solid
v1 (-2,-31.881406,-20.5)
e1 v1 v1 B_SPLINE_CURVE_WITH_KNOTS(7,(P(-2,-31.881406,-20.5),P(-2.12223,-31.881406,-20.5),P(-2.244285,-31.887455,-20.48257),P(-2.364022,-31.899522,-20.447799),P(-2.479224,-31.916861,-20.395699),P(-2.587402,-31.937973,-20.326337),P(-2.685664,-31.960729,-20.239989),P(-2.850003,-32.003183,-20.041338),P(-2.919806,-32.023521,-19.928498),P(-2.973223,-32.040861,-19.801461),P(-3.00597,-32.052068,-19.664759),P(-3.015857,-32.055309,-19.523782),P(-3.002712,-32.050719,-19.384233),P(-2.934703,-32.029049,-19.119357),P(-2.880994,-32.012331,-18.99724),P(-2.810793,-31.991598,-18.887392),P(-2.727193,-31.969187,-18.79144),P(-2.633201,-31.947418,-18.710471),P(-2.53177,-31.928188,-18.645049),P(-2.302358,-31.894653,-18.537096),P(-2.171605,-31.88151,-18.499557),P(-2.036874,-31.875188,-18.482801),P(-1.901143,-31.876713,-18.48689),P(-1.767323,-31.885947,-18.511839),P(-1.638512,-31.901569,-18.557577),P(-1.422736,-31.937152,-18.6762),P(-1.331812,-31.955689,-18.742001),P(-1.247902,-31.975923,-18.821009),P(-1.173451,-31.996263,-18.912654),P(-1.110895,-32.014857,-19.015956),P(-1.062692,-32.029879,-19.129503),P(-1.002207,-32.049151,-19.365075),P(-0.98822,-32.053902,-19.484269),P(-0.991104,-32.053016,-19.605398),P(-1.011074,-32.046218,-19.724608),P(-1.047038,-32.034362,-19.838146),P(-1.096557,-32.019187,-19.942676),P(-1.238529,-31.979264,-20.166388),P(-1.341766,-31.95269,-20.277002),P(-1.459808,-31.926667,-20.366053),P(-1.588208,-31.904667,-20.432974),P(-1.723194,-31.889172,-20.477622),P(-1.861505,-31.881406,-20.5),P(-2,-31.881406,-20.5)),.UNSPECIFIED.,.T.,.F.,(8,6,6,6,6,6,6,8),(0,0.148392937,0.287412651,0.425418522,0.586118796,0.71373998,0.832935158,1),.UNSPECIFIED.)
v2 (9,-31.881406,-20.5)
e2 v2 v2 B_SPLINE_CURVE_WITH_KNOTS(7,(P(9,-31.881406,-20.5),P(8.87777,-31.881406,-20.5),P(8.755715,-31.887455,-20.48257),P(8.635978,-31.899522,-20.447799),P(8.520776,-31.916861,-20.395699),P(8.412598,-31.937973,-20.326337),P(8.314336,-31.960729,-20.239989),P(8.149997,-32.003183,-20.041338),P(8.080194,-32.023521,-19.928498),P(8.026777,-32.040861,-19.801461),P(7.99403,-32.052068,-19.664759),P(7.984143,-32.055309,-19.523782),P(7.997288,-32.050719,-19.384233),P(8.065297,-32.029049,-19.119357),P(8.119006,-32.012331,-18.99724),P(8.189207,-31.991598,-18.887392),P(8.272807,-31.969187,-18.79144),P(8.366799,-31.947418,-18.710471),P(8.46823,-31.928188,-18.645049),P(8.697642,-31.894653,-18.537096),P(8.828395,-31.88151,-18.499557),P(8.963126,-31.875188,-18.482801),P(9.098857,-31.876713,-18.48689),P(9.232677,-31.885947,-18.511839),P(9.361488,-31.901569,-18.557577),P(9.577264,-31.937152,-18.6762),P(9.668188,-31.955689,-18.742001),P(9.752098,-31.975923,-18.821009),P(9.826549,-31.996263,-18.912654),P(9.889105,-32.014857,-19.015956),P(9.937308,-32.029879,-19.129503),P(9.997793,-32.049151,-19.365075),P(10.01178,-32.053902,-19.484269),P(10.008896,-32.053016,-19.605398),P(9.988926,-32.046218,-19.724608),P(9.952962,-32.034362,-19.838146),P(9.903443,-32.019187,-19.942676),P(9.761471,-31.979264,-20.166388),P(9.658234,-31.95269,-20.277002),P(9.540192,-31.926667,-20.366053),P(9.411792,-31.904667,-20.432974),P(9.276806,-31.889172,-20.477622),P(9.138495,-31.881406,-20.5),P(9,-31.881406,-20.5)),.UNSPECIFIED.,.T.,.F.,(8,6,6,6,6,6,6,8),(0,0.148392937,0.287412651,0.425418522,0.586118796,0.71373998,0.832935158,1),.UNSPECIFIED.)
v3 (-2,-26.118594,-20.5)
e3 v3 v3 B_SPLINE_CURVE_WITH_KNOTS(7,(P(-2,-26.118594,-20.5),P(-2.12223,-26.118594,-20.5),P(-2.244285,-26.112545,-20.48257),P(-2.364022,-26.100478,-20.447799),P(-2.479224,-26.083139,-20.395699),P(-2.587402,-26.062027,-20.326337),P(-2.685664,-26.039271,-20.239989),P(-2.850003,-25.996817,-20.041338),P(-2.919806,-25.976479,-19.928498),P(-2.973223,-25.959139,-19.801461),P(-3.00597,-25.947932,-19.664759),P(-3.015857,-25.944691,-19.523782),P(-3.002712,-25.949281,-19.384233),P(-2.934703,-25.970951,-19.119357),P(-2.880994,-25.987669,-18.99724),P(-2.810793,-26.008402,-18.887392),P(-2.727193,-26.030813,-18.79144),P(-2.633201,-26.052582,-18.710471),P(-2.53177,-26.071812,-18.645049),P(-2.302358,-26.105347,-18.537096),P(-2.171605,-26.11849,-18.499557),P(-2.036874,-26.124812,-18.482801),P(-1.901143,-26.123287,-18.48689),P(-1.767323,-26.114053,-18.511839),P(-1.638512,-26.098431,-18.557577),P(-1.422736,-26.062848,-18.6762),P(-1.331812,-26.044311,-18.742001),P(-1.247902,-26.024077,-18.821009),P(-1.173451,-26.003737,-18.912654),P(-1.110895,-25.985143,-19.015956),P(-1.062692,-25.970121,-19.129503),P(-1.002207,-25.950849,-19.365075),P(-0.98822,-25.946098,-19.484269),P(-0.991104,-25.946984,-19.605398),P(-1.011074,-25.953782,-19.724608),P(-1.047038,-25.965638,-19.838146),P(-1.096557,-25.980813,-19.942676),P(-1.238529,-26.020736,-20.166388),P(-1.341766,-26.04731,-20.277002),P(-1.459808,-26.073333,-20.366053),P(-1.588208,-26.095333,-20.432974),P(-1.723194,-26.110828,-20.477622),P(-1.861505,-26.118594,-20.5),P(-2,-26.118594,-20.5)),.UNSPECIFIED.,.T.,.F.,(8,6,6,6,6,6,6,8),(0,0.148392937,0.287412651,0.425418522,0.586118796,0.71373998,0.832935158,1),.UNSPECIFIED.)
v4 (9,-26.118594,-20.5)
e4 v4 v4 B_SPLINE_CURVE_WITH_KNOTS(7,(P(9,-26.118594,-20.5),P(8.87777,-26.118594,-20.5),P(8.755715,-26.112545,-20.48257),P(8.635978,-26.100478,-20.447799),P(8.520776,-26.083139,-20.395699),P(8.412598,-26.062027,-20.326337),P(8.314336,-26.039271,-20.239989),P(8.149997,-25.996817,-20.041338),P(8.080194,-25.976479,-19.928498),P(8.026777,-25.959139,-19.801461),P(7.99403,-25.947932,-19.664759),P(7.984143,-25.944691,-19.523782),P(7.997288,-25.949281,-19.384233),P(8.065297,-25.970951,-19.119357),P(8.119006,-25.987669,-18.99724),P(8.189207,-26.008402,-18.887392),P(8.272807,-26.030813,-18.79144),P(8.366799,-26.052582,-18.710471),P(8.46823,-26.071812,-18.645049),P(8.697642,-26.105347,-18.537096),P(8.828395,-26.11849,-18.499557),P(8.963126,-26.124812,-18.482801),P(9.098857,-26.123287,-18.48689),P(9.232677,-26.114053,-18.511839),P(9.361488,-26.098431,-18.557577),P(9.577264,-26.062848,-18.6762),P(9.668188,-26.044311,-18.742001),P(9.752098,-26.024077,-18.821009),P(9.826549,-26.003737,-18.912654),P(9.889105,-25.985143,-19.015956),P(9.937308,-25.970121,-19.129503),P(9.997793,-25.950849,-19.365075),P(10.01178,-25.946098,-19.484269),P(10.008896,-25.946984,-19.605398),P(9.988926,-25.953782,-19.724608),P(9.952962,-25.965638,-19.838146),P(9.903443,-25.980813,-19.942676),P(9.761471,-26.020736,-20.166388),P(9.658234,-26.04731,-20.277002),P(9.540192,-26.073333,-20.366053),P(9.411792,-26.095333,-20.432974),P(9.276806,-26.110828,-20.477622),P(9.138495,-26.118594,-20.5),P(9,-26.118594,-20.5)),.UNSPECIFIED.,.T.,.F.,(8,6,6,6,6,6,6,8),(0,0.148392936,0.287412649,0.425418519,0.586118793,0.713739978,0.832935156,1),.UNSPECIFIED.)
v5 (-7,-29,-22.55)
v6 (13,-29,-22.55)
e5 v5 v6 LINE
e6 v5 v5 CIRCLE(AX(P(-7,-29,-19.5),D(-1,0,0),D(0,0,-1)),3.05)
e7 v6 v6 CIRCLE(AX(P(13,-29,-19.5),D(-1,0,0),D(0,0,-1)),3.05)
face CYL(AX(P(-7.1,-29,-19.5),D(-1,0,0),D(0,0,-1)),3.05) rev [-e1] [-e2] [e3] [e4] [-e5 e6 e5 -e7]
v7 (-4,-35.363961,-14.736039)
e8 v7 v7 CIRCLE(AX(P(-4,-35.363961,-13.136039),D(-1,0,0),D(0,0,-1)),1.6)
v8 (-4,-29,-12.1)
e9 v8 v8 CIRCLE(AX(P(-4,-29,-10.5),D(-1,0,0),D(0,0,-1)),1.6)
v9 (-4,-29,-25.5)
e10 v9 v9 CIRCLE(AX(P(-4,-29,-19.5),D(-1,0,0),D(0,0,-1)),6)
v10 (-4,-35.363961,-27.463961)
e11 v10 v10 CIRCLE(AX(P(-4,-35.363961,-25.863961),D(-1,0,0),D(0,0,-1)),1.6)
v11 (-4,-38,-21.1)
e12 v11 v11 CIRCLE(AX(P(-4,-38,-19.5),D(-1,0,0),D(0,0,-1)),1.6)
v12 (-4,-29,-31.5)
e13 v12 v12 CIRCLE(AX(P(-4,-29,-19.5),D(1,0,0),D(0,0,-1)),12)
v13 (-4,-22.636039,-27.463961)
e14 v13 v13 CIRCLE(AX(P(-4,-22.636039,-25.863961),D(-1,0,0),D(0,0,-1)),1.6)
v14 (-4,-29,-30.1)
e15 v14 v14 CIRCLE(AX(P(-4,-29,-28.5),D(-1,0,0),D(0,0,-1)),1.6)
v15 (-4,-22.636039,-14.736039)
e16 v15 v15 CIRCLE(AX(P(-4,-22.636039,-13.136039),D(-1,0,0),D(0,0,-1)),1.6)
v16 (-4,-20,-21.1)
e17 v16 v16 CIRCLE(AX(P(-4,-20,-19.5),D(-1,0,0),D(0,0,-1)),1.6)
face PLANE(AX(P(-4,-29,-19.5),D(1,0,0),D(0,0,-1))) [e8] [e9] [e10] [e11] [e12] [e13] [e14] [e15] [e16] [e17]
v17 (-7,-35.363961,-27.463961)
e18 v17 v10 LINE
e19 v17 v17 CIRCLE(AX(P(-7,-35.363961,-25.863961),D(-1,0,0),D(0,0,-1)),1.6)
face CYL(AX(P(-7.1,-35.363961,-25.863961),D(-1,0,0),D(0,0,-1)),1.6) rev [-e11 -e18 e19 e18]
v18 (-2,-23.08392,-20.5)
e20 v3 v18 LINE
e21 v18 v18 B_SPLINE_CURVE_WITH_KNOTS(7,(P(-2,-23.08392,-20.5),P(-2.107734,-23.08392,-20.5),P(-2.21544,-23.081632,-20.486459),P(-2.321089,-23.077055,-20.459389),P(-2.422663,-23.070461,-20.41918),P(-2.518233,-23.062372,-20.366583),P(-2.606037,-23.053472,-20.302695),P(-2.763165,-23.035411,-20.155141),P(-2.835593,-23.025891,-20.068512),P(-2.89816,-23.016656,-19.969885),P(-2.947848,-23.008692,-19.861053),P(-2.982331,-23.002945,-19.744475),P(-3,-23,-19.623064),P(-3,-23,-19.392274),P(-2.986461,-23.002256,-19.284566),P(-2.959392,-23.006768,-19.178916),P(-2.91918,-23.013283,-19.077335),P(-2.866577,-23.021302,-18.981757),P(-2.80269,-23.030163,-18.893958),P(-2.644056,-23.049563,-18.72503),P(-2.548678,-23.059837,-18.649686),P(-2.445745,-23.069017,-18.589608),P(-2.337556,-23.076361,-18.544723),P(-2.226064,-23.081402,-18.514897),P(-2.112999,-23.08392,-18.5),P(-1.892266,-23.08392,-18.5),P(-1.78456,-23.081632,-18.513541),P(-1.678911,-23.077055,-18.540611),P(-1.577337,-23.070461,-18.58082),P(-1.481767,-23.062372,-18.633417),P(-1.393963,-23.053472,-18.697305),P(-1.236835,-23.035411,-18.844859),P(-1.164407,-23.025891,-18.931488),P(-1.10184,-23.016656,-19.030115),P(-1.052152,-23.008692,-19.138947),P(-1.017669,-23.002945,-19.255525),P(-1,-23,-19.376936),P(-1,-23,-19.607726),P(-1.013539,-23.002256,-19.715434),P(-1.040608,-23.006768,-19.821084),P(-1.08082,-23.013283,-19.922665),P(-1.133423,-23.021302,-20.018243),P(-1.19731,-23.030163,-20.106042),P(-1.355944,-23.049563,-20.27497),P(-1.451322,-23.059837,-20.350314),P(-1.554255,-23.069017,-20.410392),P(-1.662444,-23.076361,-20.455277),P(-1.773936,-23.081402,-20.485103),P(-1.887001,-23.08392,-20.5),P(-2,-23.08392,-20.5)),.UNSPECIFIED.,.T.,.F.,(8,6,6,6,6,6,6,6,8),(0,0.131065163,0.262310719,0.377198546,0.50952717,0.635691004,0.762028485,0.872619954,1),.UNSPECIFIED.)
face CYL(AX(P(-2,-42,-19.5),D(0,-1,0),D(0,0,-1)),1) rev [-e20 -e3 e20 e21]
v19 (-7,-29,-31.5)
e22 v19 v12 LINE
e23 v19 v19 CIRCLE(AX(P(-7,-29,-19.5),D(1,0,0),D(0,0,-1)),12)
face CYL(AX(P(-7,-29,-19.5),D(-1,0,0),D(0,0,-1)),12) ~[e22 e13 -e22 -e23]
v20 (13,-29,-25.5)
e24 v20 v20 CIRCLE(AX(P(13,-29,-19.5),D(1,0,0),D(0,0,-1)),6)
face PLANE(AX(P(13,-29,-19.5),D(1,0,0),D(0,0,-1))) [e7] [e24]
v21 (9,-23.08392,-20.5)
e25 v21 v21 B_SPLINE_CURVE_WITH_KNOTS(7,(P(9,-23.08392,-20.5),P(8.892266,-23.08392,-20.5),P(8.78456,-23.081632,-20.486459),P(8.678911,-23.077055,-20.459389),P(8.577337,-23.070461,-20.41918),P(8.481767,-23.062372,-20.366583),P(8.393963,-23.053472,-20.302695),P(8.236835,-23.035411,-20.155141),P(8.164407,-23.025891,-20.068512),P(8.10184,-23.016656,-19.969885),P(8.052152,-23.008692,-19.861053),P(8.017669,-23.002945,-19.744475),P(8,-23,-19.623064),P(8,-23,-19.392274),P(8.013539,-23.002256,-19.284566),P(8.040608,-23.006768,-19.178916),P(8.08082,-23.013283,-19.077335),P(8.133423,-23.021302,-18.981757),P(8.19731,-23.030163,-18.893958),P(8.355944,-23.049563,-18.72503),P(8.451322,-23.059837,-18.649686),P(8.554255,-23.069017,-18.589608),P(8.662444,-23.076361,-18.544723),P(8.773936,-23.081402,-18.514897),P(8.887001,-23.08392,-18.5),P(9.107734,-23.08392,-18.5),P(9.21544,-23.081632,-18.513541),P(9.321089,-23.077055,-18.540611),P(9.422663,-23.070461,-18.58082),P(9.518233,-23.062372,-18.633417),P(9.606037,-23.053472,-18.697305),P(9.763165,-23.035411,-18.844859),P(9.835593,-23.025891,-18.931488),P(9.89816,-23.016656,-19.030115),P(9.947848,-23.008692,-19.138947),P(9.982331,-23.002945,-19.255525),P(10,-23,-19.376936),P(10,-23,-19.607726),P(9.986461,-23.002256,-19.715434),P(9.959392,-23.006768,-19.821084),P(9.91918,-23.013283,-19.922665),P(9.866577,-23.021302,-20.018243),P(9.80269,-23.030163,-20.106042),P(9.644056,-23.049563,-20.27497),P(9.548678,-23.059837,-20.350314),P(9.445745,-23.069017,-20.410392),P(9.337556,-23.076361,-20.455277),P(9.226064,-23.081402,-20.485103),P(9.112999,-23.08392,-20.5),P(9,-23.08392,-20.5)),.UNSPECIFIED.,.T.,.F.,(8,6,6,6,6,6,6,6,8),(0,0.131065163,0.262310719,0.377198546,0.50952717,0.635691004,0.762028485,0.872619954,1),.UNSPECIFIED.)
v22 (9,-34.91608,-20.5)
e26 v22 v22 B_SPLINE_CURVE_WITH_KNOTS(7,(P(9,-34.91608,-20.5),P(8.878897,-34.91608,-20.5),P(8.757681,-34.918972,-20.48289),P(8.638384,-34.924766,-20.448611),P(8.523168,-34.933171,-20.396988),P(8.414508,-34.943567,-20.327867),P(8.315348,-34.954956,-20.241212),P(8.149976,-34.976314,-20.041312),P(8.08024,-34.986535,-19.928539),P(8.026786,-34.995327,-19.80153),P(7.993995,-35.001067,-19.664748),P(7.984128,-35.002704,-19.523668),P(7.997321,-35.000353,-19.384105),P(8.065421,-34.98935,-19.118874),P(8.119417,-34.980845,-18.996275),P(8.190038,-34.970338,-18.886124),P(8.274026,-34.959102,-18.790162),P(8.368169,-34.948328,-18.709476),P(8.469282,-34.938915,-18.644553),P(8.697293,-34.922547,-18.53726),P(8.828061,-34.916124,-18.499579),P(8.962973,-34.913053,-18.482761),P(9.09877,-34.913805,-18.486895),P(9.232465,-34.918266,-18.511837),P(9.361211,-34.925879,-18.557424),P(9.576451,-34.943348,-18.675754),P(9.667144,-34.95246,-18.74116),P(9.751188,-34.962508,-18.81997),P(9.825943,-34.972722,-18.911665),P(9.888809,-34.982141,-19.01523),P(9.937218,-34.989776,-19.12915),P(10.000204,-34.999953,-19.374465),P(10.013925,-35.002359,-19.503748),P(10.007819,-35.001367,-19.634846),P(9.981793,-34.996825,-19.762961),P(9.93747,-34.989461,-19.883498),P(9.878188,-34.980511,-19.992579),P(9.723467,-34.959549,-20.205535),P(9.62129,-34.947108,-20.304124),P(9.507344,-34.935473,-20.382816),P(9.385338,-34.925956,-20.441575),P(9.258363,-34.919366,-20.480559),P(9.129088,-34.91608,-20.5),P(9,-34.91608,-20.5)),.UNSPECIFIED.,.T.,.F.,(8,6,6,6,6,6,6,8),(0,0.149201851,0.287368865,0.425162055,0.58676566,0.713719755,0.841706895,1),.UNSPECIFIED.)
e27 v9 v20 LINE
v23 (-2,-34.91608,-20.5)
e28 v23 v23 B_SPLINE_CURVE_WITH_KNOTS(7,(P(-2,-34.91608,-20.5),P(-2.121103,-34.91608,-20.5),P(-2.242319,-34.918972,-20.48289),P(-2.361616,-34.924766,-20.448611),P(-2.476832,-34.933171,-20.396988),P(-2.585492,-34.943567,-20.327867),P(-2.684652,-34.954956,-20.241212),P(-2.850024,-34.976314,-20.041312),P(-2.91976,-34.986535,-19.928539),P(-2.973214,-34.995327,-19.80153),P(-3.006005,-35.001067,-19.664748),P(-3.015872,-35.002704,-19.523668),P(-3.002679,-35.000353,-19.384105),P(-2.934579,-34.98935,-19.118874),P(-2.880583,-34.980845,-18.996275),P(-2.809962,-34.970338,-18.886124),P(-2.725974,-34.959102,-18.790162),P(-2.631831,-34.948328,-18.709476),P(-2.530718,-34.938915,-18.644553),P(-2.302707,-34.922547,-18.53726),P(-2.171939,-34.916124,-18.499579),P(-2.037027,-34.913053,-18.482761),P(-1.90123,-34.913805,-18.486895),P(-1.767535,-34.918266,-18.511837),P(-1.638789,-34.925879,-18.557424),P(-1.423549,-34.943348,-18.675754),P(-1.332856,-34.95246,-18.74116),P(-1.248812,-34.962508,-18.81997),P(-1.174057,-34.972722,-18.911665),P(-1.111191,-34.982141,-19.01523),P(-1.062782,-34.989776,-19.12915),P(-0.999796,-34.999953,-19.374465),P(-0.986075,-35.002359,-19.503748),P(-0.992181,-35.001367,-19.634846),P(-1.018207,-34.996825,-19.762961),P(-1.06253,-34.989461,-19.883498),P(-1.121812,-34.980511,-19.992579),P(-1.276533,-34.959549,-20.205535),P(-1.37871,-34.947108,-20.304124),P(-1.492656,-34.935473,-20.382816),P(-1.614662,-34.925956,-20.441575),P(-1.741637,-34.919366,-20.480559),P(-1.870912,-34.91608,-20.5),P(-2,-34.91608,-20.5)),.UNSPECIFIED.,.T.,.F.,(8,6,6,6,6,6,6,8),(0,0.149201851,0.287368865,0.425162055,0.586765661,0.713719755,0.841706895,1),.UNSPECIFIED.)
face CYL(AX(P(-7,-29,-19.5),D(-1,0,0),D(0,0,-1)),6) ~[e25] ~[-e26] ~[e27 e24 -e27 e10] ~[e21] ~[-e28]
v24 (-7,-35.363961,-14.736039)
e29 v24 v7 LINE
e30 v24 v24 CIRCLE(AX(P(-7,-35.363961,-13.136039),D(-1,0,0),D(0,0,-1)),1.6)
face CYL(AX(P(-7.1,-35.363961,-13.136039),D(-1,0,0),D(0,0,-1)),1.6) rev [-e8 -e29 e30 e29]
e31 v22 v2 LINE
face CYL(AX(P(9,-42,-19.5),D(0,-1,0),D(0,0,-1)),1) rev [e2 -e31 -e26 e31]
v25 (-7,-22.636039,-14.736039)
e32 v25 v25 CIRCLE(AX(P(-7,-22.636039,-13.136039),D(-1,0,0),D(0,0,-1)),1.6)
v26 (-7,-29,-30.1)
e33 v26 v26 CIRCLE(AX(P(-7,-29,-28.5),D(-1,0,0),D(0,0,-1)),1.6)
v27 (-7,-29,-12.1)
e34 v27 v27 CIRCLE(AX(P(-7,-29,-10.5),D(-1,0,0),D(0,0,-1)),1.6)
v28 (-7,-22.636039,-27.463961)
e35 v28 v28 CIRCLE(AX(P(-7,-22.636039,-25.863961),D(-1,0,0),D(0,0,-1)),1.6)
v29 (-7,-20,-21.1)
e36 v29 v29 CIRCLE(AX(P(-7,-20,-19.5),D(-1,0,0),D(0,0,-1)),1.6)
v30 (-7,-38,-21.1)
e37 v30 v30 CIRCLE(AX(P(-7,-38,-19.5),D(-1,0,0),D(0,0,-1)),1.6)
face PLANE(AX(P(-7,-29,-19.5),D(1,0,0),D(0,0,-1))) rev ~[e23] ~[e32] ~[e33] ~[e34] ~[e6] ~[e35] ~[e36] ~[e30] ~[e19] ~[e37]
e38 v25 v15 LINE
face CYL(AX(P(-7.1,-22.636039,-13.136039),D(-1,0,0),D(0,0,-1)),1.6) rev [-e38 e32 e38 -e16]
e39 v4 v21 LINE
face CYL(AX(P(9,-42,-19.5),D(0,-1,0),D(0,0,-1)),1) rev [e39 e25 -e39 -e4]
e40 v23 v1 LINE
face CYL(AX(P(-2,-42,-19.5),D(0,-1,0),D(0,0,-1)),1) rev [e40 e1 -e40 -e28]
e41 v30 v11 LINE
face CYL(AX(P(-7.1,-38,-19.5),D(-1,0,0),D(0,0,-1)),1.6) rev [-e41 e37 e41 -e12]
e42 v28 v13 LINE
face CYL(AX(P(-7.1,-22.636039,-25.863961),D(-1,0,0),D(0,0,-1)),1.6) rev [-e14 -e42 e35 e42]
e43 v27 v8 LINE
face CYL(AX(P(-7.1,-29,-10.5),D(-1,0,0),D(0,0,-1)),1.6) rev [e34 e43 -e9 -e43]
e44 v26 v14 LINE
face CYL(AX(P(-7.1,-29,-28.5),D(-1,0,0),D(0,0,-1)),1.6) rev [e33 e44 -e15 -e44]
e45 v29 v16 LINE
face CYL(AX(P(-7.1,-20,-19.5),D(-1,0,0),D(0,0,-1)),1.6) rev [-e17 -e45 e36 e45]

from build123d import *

# Parameters (mm, degrees)
COUPLING_BARREL_SKETCH_R         = 6
COUPLING_BARREL_DEPTH            = 20
SERVICE_LOCK_DISC_SKETCH_R       = 12
SERVICE_LOCK_DISC_DEPTH          = 3
SHAFT_RUNNING_BORE_SKETCH_R      = 3.05
SHAFT_RUNNING_BORE_DEPTH         = 20.2
TORQUE_CROSS_PIN_HOLE_1_SKETCH_R = 1
TORQUE_CROSS_PIN_HOLE_1_DEPTH    = 26
TORQUE_CROSS_PIN_HOLE_2_SKETCH_R = 1
TORQUE_CROSS_PIN_HOLE_2_DEPTH    = 26
SERVICE_LOCK_POSITION_1_SKETCH_R = 1.6
SERVICE_LOCK_POSITION_1_DEPTH    = 3.2
SERVICE_LOCK_POSITION_2_SKETCH_R = 1.6
SERVICE_LOCK_POSITION_2_DEPTH    = 3.2
SERVICE_LOCK_POSITION_3_SKETCH_R = 1.6
SERVICE_LOCK_POSITION_3_DEPTH    = 3.2
SERVICE_LOCK_POSITION_4_SKETCH_R = 1.6
SERVICE_LOCK_POSITION_4_DEPTH    = 3.2
SERVICE_LOCK_POSITION_5_SKETCH_R = 1.6
SERVICE_LOCK_POSITION_5_DEPTH    = 3.2
SERVICE_LOCK_POSITION_6_SKETCH_R = 1.6
SERVICE_LOCK_POSITION_6_DEPTH    = 3.2
SERVICE_LOCK_POSITION_7_SKETCH_R = 1.6
SERVICE_LOCK_POSITION_7_DEPTH    = 3.2
SERVICE_LOCK_POSITION_8_SKETCH_R = 1.6
SERVICE_LOCK_POSITION_8_DEPTH    = 3.2


with BuildPart() as part:
    # Coupling barrel sketch → Coupling barrel (new body)
    with BuildSketch(Plane(origin=(-7, 0, 0), x_dir=(0, 0, -1), z_dir=(1, 0, 0))):
        with Locations((19.5, -29)):
            Circle(COUPLING_BARREL_SKETCH_R)
    extrude(amount=COUPLING_BARREL_DEPTH)

    # Service lock disc sketch → Service lock disc (add)
    with BuildSketch(Plane(origin=(-7, 0, 0), x_dir=(0, 0, -1), z_dir=(1, 0, 0))):
        with Locations((19.5, -29)):
            Circle(SERVICE_LOCK_DISC_SKETCH_R)
    extrude(amount=SERVICE_LOCK_DISC_DEPTH)

    # Shaft running bore sketch → Shaft running bore (cut)
    with BuildSketch(Plane(origin=(-7.1, 0, 0), x_dir=(0, 0, -1), z_dir=(1, 0, 0))):
        with Locations((19.5, -29)):
            Circle(SHAFT_RUNNING_BORE_SKETCH_R)
    extrude(amount=SHAFT_RUNNING_BORE_DEPTH, mode=Mode.SUBTRACT)

    # Torque cross pin hole 1 sketch → Torque cross pin hole 1 (cut)
    with BuildSketch(Plane(origin=(0, -42, 0), x_dir=(1, 0, 0), z_dir=(0, 1, 0))):
        with Locations(Location((-2, 19.5, 0), (0, 0, 90))):
            Circle(TORQUE_CROSS_PIN_HOLE_1_SKETCH_R)
    extrude(amount=TORQUE_CROSS_PIN_HOLE_1_DEPTH, mode=Mode.SUBTRACT)

    # Torque cross pin hole 2 sketch → Torque cross pin hole 2 (cut)
    with BuildSketch(Plane(origin=(0, -42, 0), x_dir=(1, 0, 0), z_dir=(0, 1, 0))):
        with Locations(Location((9, 19.5, 0), (0, 0, 90))):
            Circle(TORQUE_CROSS_PIN_HOLE_2_SKETCH_R)
    extrude(amount=TORQUE_CROSS_PIN_HOLE_2_DEPTH, mode=Mode.SUBTRACT)

    # Service lock position 1 sketch → Service lock position 1 (cut)
    with BuildSketch(Plane(origin=(-7.1, 0, 0), x_dir=(0, 0, -1), z_dir=(1, 0, 0))):
        with Locations((19.5, -20)):
            Circle(SERVICE_LOCK_POSITION_1_SKETCH_R)
    extrude(amount=SERVICE_LOCK_POSITION_1_DEPTH, mode=Mode.SUBTRACT)

    # Service lock position 2 sketch → Service lock position 2 (cut)
    with BuildSketch(Plane(origin=(-7.1, 0, 0), x_dir=(0, 0, -1), z_dir=(1, 0, 0))):
        with Locations((13.136038969, -22.636038969)):
            Circle(SERVICE_LOCK_POSITION_2_SKETCH_R)
    extrude(amount=SERVICE_LOCK_POSITION_2_DEPTH, mode=Mode.SUBTRACT)

    # Service lock position 3 sketch → Service lock position 3 (cut)
    with BuildSketch(Plane(origin=(-7.1, 0, 0), x_dir=(0, 0, -1), z_dir=(1, 0, 0))):
        with Locations((10.5, -29)):
            Circle(SERVICE_LOCK_POSITION_3_SKETCH_R)
    extrude(amount=SERVICE_LOCK_POSITION_3_DEPTH, mode=Mode.SUBTRACT)

    # Service lock position 4 sketch → Service lock position 4 (cut)
    with BuildSketch(Plane(origin=(-7.1, 0, 0), x_dir=(0, 0, -1), z_dir=(1, 0, 0))):
        with Locations((13.136038969, -35.363961031)):
            Circle(SERVICE_LOCK_POSITION_4_SKETCH_R)
    extrude(amount=SERVICE_LOCK_POSITION_4_DEPTH, mode=Mode.SUBTRACT)

    # Service lock position 5 sketch → Service lock position 5 (cut)
    with BuildSketch(Plane(origin=(-7.1, 0, 0), x_dir=(0, 0, -1), z_dir=(1, 0, 0))):
        with Locations((19.5, -38)):
            Circle(SERVICE_LOCK_POSITION_5_SKETCH_R)
    extrude(amount=SERVICE_LOCK_POSITION_5_DEPTH, mode=Mode.SUBTRACT)

    # Service lock position 6 sketch → Service lock position 6 (cut)
    with BuildSketch(Plane(origin=(-7.1, 0, 0), x_dir=(0, 0, -1), z_dir=(1, 0, 0))):
        with Locations((25.863961031, -35.363961031)):
            Circle(SERVICE_LOCK_POSITION_6_SKETCH_R)
    extrude(amount=SERVICE_LOCK_POSITION_6_DEPTH, mode=Mode.SUBTRACT)

    # Service lock position 7 sketch → Service lock position 7 (cut)
    with BuildSketch(Plane(origin=(-7.1, 0, 0), x_dir=(0, 0, -1), z_dir=(1, 0, 0))):
        with Locations((28.5, -29)):
            Circle(SERVICE_LOCK_POSITION_7_SKETCH_R)
    extrude(amount=SERVICE_LOCK_POSITION_7_DEPTH, mode=Mode.SUBTRACT)

    # Service lock position 8 sketch → Service lock position 8 (cut)
    with BuildSketch(Plane(origin=(-7.1, 0, 0), x_dir=(0, 0, -1), z_dir=(1, 0, 0))):
        with Locations((25.863961031, -22.636038969)):
            Circle(SERVICE_LOCK_POSITION_8_SKETCH_R)
    extrude(amount=SERVICE_LOCK_POSITION_8_DEPTH, mode=Mode.SUBTRACT)


solid = part.part
